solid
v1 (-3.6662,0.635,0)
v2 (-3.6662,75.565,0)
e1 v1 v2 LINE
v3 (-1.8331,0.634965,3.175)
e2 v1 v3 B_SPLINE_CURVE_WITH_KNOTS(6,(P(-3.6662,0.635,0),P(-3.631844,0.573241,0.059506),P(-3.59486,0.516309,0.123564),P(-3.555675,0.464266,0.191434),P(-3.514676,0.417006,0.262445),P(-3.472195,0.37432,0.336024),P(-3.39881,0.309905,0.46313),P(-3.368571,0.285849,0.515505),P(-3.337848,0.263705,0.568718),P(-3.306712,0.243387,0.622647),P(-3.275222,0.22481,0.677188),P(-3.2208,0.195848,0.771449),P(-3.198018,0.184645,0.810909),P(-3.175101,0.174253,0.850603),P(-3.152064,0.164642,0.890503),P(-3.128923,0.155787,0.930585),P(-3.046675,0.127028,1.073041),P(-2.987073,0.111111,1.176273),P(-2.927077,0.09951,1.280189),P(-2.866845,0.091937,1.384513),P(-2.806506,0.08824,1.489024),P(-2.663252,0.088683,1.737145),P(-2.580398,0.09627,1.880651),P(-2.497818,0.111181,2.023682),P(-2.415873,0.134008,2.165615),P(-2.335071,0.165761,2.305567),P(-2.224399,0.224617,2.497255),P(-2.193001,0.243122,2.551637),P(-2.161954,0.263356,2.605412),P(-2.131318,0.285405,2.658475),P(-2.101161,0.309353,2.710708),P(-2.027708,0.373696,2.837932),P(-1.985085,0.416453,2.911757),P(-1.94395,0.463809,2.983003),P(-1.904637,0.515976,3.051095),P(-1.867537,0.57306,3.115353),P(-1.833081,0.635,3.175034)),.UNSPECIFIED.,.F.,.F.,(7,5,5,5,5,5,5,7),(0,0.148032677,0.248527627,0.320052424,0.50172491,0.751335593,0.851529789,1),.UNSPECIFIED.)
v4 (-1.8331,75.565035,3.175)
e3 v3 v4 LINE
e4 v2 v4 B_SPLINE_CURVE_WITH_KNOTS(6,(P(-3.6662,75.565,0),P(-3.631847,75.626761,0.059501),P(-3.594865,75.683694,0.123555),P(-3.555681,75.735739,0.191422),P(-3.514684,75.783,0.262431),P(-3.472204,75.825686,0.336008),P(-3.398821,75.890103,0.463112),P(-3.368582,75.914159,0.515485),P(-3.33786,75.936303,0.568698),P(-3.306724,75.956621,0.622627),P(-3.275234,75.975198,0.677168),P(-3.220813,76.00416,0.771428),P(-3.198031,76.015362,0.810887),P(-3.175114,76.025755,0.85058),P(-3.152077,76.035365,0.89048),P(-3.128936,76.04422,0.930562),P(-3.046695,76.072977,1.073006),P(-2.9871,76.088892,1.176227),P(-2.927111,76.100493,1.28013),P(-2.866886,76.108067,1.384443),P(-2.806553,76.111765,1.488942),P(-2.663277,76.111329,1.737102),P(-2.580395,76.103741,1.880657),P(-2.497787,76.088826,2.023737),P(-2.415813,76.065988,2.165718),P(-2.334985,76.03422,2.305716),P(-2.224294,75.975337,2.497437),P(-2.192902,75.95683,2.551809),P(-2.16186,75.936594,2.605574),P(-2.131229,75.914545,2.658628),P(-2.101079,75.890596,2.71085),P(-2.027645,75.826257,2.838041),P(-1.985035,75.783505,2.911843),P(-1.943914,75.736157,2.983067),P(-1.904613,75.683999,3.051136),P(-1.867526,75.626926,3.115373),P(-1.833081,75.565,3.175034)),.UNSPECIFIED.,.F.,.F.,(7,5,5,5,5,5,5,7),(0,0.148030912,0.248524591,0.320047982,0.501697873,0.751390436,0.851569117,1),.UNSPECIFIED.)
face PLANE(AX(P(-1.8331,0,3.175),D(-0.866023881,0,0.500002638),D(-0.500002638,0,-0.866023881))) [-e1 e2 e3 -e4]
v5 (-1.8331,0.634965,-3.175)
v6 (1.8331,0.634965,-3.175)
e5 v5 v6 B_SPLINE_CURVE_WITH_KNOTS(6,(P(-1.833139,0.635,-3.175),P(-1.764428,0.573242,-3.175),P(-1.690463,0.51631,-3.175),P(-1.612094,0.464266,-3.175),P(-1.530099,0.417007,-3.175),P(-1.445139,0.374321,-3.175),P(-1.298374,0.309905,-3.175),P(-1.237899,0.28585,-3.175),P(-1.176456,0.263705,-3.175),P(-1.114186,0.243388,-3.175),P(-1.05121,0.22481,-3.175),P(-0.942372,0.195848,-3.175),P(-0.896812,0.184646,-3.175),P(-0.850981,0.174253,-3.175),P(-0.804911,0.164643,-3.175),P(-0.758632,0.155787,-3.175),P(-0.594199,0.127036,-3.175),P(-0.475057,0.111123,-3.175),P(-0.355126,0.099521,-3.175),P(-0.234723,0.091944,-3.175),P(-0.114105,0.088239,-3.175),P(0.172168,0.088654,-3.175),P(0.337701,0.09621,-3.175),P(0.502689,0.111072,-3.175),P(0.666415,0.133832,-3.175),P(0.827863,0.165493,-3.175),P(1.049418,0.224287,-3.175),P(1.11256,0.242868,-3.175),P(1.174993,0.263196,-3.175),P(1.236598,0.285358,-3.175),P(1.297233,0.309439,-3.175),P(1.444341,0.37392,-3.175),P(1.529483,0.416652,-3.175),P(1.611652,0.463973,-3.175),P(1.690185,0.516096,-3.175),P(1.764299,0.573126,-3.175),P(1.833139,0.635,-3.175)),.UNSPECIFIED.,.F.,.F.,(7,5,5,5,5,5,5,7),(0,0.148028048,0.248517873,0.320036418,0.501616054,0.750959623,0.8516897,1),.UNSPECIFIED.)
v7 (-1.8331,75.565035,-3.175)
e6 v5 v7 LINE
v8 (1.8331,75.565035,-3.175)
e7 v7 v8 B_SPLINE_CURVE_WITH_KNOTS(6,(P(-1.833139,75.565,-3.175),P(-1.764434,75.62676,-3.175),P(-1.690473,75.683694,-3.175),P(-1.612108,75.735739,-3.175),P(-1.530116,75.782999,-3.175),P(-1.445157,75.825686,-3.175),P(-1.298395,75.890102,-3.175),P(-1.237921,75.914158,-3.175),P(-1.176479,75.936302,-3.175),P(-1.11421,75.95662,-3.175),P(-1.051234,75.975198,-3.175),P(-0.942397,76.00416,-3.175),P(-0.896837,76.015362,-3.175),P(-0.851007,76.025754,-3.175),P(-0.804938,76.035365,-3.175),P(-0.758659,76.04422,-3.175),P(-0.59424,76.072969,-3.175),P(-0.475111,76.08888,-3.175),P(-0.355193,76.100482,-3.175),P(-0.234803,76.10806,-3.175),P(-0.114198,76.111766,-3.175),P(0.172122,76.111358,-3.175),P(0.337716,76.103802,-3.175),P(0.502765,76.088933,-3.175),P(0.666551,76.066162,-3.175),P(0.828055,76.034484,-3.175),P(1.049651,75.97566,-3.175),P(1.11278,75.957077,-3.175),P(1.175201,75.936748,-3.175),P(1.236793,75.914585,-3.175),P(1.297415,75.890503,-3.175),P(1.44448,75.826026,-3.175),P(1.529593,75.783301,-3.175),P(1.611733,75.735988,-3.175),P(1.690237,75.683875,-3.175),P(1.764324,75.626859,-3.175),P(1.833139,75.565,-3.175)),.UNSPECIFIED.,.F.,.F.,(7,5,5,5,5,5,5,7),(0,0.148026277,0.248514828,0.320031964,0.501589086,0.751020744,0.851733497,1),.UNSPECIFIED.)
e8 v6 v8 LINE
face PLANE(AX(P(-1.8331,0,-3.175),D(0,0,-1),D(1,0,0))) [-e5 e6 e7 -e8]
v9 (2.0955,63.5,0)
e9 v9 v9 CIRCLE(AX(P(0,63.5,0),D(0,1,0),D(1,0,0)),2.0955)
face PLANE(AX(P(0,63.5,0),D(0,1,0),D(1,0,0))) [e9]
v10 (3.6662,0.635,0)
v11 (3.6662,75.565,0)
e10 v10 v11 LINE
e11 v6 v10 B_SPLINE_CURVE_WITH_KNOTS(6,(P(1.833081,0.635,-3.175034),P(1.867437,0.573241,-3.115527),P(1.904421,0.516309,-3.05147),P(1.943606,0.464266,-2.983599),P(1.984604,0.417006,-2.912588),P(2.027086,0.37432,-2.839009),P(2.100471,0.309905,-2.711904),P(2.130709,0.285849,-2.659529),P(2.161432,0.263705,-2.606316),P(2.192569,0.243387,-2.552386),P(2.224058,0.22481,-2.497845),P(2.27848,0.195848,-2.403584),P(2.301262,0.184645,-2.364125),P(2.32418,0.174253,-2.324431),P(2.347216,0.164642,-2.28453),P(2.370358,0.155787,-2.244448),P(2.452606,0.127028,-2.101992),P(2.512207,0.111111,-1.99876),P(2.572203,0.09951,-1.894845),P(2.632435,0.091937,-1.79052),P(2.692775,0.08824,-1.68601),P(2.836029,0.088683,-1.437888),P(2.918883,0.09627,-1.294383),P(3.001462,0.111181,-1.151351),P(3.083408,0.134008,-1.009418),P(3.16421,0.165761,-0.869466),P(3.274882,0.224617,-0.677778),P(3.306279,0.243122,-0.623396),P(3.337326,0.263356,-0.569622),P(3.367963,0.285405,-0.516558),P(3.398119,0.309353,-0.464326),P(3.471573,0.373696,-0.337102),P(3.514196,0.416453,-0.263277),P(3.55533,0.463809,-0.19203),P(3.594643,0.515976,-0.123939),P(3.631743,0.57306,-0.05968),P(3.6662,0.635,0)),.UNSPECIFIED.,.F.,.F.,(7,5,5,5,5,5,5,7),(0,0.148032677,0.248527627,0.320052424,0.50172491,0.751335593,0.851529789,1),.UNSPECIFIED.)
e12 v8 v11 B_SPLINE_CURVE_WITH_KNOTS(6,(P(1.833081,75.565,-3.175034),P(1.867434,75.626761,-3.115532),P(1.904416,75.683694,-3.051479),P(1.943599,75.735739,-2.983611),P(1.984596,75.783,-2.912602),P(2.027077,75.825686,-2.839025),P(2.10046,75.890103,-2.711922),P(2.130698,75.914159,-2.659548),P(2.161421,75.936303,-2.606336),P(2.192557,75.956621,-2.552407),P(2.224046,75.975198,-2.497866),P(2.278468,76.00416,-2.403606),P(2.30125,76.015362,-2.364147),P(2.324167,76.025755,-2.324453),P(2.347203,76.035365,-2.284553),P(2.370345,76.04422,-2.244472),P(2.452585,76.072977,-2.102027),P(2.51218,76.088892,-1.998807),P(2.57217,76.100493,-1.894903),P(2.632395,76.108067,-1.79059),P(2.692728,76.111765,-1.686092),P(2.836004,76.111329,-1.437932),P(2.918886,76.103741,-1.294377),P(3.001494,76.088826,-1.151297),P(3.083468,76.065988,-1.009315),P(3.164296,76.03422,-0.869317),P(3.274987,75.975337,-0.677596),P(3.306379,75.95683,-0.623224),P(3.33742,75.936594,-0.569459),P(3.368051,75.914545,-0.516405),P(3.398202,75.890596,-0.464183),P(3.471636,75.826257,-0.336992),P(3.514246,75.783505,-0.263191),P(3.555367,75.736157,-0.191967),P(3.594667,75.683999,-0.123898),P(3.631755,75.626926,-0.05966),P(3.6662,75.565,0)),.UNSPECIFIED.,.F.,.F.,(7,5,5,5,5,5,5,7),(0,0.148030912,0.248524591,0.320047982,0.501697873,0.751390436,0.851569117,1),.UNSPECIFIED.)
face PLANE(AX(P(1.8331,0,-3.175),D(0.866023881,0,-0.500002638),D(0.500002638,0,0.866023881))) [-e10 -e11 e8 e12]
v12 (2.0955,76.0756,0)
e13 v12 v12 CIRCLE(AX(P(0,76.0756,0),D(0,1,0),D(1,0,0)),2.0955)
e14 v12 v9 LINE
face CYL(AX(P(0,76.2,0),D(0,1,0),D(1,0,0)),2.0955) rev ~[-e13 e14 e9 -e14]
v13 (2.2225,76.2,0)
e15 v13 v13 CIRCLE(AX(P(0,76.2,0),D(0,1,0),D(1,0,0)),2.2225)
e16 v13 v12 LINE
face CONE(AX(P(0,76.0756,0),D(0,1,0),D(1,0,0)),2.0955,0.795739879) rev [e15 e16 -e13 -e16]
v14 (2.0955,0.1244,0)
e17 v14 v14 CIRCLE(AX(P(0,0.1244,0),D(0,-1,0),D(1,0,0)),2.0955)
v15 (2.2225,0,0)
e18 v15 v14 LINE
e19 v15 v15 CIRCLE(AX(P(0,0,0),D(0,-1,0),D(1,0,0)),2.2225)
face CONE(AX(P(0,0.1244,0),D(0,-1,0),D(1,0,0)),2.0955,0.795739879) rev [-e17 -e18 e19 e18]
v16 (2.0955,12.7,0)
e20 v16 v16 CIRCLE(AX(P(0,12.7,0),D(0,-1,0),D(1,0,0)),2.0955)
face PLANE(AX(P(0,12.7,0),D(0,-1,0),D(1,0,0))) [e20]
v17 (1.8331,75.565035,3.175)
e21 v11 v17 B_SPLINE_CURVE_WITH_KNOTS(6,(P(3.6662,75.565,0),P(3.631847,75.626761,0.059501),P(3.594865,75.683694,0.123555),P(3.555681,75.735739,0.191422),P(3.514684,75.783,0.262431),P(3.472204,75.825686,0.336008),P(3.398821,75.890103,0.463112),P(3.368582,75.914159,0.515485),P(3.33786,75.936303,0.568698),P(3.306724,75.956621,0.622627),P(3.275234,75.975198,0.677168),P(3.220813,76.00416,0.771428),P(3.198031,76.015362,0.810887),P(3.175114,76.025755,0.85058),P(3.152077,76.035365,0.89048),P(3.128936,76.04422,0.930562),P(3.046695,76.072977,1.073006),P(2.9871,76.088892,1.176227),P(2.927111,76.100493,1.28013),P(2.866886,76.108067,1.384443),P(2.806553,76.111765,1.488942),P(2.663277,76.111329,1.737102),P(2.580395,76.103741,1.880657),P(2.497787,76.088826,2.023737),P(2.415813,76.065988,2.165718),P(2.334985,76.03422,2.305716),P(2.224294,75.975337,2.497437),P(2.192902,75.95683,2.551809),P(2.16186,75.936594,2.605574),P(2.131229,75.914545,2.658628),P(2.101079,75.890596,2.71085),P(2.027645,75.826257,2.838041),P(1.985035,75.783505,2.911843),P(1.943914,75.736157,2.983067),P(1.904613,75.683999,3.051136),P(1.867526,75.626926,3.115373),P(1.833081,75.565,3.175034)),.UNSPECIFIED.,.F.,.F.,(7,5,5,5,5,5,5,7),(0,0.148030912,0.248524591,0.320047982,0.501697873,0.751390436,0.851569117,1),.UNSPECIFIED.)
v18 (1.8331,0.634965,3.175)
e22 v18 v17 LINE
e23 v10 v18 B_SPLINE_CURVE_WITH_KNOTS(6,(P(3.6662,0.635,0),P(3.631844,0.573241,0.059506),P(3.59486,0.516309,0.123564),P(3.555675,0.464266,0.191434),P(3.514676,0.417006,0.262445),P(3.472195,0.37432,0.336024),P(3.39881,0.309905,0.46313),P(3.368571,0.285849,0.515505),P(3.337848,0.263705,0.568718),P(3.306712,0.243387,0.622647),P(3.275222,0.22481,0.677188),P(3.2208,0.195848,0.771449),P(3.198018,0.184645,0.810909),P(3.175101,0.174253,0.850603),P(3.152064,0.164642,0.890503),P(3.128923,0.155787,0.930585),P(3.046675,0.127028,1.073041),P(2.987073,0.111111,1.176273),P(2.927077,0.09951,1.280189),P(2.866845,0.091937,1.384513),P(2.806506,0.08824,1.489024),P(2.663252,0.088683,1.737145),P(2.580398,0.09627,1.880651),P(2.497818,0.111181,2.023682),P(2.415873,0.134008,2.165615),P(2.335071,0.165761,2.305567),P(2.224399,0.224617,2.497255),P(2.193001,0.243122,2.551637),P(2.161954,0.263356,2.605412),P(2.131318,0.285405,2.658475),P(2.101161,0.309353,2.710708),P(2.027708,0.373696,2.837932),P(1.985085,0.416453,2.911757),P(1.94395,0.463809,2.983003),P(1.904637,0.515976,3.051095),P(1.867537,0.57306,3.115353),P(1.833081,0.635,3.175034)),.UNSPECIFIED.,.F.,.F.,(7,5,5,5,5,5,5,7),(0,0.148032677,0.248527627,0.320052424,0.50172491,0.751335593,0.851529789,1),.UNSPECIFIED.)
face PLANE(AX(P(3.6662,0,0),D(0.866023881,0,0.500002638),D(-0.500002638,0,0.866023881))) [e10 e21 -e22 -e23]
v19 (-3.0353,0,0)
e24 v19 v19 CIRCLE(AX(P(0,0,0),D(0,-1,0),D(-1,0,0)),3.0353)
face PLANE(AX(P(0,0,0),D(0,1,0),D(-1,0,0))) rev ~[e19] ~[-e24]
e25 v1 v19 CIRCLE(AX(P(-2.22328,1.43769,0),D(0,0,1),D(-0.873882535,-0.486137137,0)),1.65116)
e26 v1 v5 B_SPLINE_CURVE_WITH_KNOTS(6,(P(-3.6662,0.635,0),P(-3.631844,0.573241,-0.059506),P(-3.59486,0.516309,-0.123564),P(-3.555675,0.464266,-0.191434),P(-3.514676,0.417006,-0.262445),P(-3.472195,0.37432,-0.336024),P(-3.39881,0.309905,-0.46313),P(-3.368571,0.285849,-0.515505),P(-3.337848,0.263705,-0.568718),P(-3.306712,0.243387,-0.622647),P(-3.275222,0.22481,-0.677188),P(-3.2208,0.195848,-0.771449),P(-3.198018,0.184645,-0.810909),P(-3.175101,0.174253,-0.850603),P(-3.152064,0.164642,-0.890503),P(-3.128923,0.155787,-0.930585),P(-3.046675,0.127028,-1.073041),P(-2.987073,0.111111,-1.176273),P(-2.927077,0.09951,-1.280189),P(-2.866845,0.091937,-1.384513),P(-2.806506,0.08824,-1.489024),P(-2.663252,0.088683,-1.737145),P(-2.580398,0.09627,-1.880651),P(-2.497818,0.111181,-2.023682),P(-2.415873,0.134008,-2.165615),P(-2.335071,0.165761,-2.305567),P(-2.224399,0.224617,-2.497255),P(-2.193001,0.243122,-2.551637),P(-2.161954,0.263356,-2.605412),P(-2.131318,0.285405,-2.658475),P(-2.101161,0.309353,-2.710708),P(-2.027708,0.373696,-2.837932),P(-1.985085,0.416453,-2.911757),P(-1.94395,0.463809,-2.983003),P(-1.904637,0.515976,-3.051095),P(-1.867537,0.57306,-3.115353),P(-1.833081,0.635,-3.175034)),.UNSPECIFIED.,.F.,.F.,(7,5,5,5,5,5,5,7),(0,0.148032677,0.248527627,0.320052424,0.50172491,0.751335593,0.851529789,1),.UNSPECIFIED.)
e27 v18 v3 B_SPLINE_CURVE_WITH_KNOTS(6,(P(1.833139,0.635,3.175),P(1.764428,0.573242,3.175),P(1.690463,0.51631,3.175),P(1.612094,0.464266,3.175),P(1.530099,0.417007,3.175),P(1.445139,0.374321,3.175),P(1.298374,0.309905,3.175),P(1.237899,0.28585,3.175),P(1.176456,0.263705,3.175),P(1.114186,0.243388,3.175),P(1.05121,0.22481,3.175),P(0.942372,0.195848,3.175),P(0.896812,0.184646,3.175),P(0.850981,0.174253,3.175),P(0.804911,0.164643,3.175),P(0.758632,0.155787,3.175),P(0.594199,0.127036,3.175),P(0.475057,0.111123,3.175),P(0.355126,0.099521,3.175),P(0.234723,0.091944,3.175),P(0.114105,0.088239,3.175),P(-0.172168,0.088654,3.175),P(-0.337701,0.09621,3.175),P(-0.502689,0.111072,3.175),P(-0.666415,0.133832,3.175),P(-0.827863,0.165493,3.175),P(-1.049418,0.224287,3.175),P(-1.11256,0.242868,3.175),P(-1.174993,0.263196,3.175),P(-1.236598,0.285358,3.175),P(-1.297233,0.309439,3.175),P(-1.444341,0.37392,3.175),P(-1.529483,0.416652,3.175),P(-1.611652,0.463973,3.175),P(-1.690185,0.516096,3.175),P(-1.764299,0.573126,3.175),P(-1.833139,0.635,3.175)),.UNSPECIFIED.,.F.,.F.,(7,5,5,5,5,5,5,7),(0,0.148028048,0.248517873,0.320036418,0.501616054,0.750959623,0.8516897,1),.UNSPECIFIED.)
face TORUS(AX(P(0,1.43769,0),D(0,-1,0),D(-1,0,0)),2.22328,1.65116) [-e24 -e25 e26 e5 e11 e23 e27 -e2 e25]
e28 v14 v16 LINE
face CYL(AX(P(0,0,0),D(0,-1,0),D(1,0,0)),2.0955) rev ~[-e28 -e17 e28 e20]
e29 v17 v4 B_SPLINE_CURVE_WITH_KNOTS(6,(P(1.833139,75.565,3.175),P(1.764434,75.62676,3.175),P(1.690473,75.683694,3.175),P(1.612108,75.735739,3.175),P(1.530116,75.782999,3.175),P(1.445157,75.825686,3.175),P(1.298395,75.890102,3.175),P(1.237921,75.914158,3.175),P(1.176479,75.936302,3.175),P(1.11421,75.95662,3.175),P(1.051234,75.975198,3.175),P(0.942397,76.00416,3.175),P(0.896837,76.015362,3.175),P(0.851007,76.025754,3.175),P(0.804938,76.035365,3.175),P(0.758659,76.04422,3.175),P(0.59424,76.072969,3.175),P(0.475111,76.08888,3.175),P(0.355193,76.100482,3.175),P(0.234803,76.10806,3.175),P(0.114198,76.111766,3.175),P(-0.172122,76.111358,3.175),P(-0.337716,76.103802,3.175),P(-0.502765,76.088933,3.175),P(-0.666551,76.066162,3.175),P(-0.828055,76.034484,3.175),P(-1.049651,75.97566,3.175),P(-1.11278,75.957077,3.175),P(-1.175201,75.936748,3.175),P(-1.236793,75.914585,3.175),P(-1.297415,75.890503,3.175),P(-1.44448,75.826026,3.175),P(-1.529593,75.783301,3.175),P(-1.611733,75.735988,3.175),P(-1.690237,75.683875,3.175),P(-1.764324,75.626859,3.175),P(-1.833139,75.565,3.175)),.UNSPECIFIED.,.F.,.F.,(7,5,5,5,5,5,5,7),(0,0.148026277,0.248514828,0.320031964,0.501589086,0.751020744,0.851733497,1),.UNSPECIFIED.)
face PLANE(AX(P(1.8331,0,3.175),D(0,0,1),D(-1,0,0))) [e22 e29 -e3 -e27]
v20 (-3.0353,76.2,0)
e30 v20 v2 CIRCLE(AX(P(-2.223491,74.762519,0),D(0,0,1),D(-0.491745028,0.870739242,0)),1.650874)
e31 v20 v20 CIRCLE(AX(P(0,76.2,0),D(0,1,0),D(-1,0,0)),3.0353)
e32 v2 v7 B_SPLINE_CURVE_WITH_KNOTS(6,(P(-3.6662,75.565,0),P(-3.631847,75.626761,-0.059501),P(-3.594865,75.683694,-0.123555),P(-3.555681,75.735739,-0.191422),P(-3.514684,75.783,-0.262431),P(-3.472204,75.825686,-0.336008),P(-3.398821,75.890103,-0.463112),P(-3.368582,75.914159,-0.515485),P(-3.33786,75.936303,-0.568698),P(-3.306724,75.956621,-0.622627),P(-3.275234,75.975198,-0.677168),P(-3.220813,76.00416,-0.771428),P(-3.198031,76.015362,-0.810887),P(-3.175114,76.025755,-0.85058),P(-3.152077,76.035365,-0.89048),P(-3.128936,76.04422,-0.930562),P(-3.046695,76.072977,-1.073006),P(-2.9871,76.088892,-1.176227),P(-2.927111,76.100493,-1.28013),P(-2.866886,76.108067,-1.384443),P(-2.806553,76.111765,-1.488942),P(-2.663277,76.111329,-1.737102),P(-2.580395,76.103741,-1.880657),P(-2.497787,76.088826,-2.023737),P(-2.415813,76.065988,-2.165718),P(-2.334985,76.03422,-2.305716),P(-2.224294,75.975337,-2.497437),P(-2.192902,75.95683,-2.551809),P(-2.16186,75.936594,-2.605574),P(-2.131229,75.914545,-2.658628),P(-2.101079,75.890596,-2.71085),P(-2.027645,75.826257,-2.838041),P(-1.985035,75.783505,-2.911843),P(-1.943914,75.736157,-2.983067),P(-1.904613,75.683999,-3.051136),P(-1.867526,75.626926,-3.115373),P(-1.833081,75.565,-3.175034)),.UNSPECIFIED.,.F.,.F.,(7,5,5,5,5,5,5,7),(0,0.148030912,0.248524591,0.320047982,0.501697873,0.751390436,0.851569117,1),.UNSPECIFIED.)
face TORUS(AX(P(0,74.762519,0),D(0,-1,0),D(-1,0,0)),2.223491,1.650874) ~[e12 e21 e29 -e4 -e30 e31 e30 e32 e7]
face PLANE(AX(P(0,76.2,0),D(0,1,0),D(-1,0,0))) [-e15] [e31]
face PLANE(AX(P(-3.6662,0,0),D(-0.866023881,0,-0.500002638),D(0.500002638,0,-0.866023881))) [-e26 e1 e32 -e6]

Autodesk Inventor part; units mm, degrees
ref_plane "YZ Plane" through (0, 0, 0) normal (1, 0, 0) x (0, 1, 0)
ref_plane "XZ Plane" through (0, 0, 0) normal (0, 1, 0) x (-1, 0, 0)
ref_plane "XY Plane" through (0, 0, 0) normal (0, 0, 1) x (1, 0, 0)
sketch "Sketch1" plane through (0, 0, 0) normal (0, 1, 0) x (-1, 0, 0)
  line L0 (-1.8331, -3.175) -> (-3.6662, 0)
  line L1 (-3.6662, 0) -> (-1.8331, 3.175)
  line L2 (-1.8331, 3.175) -> (1.8331, 3.175)
  line L3 (1.8331, 3.175) -> (3.6662, 0)
  line L4 (3.6662, 0) -> (1.8331, -3.175)
  line L5 (1.8331, -3.175) -> (-1.8331, -3.175)
  point P0 (0, 0)
  point P1 (0, 0)
  dimension "d0" = 6.35
extrude "Body" add sketch "Sketch1" along normal blind 76.2
sketch "Sketch2" plane through (0, 76.2, 0) normal (0, 1, 0) x (1, 0, 0)
  circle A0 centre (0, 0) radius 2.0955
  dimension "d3" = 4.191
extrude "Hole 2" cut sketch "Sketch2" against normal blind 12.7
sketch "Sketch3" plane through (0, 0, 0) normal (0, -1, 0) x (1, 0, 0)
  circle A0 centre (0, 0) radius 2.0955
  dimension "d6" = 4.191
extrude "Hole 1" cut sketch "Sketch3" against normal blind 12.7
chamfer "Hole 2 Chamfer 1" distance 0.127 distance2 0.1244 1 edges at (-2.0955, 76.2, 0) measured on face at (0.0842, 76.2, 2.8101)
chamfer "Hole 1 Chamfer 1" distance 0.127 distance2 0.1244 1 edges at (-2.0955, 0, 0) measured on face at (-0.0842, 0, 2.8101)
sketch "Sketch4" plane through (0, 0, 0) normal (0, 0, 1) x (1, 0, 0)
  line L0 (1.8331, 76.2) -> (-1.8331, 76.2) projected
  line L1 (0, 76.2) -> (-3.0353, 76.2)
  line L2 (-3.6662, 76.2) -> (-1.8331, 76.2) projected
  line L3 (-3.6662, 0) -> (-3.6662, 76.2) projected
  arc A0 (-3.0353, 76.2) -> (-3.6662, 75.565) centre (-2.2234, 74.7624) ccw
  line L4 (-3.6662, 75.565) -> (-6.3588, 78.1647)
  line L5 (-6.3588, 78.1647) -> (0, 76.2)
  line L6 (0, 76.2) -> (0, 129.864)
  point P0 (0, 0)
  dimension "d15" = 3.0353
  dimension "d16" = 1.651
  dimension "d17" = 0.635
revolve "Hole 2 Chamfer 2" cut sketch "Sketch4" angle 360 about axis through (0, 76.2, 0) along (0, 1, 0)
sketch "Sketch5" plane through (0, 0, 0) normal (0, 0, 1) x (1, 0, 0)
  line L0 (0, 0) -> (-3.0353, 0)
  line L1 (1.8331, 0) -> (-1.8331, 0) projected
  line L2 (-3.6662, 0) -> (-3.6662, 76.2) projected
  arc A0 (-3.6662, 0.635) -> (-3.0353, 0) centre (-2.2234, 1.4376) ccw
  line L3 (0, 0) -> (0, -2.1986)
  line L4 (-3.6662, 0.635) -> (-4.1154, -0.8715)
  line L5 (-4.1154, -0.8715) -> (0, 0)
  point P0 (-3.6662, 75.565)
  dimension "d19" = 3.0353
  dimension "d20" = 1.651
  dimension "d21" = 0.635
revolve "Hole 1 Chamfer 2" cut sketch "Sketch5" angle 360 about axis through (0, 0, 0) along (0, -1, 0)
chamfer "Hole 2 Chamfer 1 For Short" [suppressed]
sketch "Sketch7" plane through (0, 0, 0) normal (0, 0, 1) x (1, 0, 0)
  line L0 (0, 76.2004) -> (3.0353, 76.2)
  line L1 (3.6662, 76.2) -> (1.8331, 76.2) projected
  line L2 (3.6662, 0.635) -> (3.6662, 76.2) projected
  arc A0 (3.6662, 75.565) -> (3.0353, 76.2) centre (2.2234, 74.7624) ccw
  line L3 (3.6662, 75.565) -> (4.2663, 77.1032)
  line L4 (4.2663, 77.1032) -> (0, 76.2004)
  line L5 (0, 78.0061) -> (0, 76.2004)
  line L6 (1.8331, 76.2) -> (-1.8331, 76.2) projected
  point P0 (0, 0)
  point P1 (0, 76.2)
  dimension "d33" = 3.0353
  dimension "d34" = 1.651
  dimension "d35" = 0.635
revolve "Hole 2 Chamfer 2 For Short" [suppressed]
properties part number "Standoff .5" material "VEX Aluminum Alloy 5052-H32"
